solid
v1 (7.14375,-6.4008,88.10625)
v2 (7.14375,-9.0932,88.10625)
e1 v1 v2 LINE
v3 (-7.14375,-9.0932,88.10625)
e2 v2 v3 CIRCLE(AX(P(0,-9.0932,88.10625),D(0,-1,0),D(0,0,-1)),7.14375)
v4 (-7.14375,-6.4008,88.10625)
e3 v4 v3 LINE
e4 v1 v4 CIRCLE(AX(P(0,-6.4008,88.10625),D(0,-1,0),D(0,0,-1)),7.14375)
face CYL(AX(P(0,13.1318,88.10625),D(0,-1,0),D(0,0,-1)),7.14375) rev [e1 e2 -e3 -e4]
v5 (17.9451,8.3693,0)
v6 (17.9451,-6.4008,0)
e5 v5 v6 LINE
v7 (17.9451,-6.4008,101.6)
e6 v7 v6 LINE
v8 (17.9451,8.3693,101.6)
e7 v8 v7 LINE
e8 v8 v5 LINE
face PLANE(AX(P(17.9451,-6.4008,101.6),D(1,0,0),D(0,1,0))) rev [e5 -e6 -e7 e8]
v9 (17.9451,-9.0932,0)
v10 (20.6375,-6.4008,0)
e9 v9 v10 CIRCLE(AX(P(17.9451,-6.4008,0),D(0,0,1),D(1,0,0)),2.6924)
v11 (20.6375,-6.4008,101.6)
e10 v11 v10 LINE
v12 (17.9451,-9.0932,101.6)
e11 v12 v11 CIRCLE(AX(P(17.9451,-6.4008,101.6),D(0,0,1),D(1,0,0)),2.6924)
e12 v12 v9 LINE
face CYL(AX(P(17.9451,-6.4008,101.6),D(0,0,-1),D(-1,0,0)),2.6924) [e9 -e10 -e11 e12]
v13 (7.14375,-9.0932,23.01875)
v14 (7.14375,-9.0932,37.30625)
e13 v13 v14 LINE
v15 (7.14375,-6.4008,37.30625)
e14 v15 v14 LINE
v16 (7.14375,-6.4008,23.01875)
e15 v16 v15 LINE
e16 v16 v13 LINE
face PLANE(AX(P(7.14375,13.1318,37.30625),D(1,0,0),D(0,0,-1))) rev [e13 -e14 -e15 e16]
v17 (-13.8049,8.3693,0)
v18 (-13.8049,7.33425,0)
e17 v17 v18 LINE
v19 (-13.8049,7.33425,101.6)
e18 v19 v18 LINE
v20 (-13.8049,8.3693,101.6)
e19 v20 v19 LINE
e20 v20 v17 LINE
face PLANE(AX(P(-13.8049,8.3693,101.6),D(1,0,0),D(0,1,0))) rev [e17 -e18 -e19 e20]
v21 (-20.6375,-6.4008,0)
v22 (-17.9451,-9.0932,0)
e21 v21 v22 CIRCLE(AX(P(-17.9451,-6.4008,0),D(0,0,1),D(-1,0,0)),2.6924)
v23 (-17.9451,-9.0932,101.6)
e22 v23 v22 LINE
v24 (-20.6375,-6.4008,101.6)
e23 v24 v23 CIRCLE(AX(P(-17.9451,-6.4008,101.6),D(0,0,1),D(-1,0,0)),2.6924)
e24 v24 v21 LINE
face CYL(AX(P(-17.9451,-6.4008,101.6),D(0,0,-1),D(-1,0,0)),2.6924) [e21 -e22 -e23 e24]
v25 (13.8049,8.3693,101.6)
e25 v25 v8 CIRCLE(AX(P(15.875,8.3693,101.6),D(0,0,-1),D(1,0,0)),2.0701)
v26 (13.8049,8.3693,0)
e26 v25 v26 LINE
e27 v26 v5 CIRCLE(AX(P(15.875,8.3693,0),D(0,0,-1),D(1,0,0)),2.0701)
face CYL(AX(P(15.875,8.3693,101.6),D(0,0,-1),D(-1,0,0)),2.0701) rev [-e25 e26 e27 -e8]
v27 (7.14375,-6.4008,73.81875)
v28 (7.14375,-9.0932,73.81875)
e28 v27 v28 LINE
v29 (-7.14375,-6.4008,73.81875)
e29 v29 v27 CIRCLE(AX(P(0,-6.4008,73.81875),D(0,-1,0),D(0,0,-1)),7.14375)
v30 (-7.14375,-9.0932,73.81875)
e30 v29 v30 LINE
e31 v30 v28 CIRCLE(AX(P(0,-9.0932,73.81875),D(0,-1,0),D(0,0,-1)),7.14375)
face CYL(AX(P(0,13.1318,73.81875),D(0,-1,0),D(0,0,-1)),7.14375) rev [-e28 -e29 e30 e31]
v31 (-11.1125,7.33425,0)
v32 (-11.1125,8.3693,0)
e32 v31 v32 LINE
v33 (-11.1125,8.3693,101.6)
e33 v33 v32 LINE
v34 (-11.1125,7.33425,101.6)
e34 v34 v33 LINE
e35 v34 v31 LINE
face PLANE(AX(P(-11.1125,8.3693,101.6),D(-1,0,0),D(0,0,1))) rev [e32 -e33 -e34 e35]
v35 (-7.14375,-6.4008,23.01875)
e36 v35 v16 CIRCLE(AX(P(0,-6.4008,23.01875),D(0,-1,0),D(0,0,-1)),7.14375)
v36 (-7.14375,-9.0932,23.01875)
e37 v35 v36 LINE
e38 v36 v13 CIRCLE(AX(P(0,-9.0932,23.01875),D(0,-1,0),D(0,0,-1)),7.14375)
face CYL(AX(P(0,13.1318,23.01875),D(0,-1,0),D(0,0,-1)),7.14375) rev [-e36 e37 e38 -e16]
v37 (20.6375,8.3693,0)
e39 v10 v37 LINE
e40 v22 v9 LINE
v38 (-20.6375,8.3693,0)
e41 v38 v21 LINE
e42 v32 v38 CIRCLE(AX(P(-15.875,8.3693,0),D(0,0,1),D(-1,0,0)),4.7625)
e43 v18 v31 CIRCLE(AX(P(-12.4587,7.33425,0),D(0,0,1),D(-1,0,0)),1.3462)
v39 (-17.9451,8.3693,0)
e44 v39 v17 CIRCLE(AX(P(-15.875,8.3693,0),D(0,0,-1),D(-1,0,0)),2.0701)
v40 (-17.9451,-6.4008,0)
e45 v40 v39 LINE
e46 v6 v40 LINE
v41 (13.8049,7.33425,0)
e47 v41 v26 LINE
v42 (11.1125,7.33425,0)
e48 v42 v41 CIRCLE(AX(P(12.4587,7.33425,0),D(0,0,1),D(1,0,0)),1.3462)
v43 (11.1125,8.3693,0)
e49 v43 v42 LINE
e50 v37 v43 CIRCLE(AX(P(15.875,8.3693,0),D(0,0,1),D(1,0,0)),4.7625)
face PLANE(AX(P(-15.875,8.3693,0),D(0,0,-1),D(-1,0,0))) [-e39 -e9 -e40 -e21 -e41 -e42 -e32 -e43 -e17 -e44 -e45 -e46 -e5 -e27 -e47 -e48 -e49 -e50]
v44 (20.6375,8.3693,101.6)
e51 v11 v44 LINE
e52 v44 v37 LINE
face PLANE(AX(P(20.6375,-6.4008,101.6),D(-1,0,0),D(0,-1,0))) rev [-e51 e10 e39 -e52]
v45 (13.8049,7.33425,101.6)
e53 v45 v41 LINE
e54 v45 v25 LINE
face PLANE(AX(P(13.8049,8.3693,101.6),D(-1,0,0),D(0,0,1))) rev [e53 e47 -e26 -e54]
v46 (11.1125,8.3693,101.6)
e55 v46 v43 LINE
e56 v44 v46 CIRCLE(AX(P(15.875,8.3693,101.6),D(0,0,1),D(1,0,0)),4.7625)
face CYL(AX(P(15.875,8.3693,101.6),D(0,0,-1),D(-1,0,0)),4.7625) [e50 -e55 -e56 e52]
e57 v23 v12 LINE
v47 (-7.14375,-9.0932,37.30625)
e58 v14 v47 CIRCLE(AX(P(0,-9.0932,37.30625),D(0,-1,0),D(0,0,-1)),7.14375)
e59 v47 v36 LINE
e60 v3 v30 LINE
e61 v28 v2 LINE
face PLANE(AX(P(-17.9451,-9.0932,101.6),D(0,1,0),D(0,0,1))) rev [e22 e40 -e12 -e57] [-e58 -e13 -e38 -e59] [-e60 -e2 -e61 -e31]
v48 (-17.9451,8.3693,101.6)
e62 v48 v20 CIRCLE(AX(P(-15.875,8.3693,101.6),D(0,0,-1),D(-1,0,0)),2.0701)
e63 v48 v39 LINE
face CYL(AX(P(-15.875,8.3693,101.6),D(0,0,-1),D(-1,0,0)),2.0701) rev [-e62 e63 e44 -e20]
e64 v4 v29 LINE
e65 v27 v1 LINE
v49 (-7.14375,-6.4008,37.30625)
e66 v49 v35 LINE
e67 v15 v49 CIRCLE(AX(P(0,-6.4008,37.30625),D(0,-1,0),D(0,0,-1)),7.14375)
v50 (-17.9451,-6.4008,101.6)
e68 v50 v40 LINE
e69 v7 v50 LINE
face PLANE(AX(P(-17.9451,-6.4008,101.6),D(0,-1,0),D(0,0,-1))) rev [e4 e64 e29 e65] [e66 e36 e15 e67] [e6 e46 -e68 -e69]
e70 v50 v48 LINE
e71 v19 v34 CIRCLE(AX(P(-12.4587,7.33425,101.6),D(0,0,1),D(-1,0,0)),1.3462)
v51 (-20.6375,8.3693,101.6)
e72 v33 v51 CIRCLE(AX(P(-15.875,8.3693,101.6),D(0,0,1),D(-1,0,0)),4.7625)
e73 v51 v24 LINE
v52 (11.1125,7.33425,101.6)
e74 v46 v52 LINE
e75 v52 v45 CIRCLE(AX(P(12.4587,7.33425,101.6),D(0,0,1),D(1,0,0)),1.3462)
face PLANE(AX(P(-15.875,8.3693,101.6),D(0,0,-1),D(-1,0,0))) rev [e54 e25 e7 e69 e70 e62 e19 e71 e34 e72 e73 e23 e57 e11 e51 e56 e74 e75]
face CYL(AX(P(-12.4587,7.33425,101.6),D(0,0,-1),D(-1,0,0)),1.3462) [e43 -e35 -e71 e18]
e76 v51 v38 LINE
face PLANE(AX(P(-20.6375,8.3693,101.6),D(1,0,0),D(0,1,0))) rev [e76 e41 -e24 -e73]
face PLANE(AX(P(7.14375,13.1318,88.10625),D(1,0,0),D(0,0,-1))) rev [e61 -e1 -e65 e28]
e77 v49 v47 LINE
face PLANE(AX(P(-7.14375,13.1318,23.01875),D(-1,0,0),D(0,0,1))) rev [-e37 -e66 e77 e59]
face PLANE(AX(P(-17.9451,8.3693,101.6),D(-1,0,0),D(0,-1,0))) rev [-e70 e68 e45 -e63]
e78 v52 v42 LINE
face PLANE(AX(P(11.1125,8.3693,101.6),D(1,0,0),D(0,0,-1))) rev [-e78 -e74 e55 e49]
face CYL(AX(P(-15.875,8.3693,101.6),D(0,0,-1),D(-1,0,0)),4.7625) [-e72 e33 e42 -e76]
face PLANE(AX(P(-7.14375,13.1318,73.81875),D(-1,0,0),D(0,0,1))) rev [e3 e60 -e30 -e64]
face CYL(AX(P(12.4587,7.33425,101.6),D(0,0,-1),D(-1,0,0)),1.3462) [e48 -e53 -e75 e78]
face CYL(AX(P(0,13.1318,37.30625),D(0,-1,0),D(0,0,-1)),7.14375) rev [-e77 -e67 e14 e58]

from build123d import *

# Parameters (mm, degrees)
BASE_EXTRUDE_DEPTH = 101.6
SLOT_DEPTH         = 123.149424851
LPATTERN1_COUNT    = 2
LPATTERN1_PITCH    = 50.8


with BuildPart() as part:
    # Sketch1 → Base-Extrude (new body)
    with BuildSketch(Plane.XY):
        with BuildLine():
            Line((-20.6375, 8.3693), (-20.6375, -6.4008))
            ThreePointArc((-20.6375, -6.4008), (-19.848914298, -8.304614298), (-17.9451, -9.0932))
            Line((-17.9451, -9.0932), (17.9451, -9.0932))
            ThreePointArc((17.9451, -9.0932), (19.848914298, -8.304614298), (20.6375, -6.4008))
            Line((20.6375, -6.4008), (20.6375, 8.3693))
            ThreePointArc((20.6375, 8.3693), (15.875, 13.1318), (11.1125, 8.3693))
            Line((11.1125, 8.3693), (11.1125, 7.33425))
            ThreePointArc((11.1125, 7.33425), (12.4587, 5.98805), (13.8049, 7.33425))
            Line((13.8049, 7.33425), (13.8049, 8.3693))
            ThreePointArc((13.8049, 8.3693), (15.875, 10.4394), (17.9451, 8.3693))
            Line((17.9451, 8.3693), (17.9451, -6.4008))
            Line((17.9451, -6.4008), (-17.9451, -6.4008))
            Line((-17.9451, -6.4008), (-17.9451, 8.3693))
            ThreePointArc((-17.9451, 8.3693), (-15.875, 10.4394), (-13.8049, 8.3693))
            Line((-13.8049, 8.3693), (-13.8049, 7.33425))
            ThreePointArc((-13.8049, 7.33425), (-12.4587, 5.98805), (-11.1125, 7.33425))
            Line((-11.1125, 7.33425), (-11.1125, 8.3693))
            ThreePointArc((-11.1125, 8.3693), (-15.875, 13.1318), (-20.6375, 8.3693))
        make_face()
    extrude(amount=BASE_EXTRUDE_DEPTH)

    # Sketch2 → Slot (cut, through all)
    with BuildSketch(Plane(origin=(0, -9.0932, -16.724236571), x_dir=(1, 0, 0), z_dir=(0, -1, 0))):
        with BuildLine():
            Line((7.14375, 54.030486571), (7.14375, 39.742986571))
            ThreePointArc((7.14375, 39.742986571), (0, 32.599236571), (-7.14375, 39.742986571))
            Line((-7.14375, 39.742986571), (-7.14375, 54.030486571))
            ThreePointArc((-7.14375, 54.030486571), (0, 61.174236571), (7.14375, 54.030486571))
        make_face()
    slot = extrude(amount=-SLOT_DEPTH, mode=Mode.SUBTRACT)

    # LPattern1: Slot ×2
    with Locations(*[(0, 0, i * LPATTERN1_PITCH) for i in range(1, LPATTERN1_COUNT)]):
        add(slot, mode=Mode.SUBTRACT)


solid = part.part
